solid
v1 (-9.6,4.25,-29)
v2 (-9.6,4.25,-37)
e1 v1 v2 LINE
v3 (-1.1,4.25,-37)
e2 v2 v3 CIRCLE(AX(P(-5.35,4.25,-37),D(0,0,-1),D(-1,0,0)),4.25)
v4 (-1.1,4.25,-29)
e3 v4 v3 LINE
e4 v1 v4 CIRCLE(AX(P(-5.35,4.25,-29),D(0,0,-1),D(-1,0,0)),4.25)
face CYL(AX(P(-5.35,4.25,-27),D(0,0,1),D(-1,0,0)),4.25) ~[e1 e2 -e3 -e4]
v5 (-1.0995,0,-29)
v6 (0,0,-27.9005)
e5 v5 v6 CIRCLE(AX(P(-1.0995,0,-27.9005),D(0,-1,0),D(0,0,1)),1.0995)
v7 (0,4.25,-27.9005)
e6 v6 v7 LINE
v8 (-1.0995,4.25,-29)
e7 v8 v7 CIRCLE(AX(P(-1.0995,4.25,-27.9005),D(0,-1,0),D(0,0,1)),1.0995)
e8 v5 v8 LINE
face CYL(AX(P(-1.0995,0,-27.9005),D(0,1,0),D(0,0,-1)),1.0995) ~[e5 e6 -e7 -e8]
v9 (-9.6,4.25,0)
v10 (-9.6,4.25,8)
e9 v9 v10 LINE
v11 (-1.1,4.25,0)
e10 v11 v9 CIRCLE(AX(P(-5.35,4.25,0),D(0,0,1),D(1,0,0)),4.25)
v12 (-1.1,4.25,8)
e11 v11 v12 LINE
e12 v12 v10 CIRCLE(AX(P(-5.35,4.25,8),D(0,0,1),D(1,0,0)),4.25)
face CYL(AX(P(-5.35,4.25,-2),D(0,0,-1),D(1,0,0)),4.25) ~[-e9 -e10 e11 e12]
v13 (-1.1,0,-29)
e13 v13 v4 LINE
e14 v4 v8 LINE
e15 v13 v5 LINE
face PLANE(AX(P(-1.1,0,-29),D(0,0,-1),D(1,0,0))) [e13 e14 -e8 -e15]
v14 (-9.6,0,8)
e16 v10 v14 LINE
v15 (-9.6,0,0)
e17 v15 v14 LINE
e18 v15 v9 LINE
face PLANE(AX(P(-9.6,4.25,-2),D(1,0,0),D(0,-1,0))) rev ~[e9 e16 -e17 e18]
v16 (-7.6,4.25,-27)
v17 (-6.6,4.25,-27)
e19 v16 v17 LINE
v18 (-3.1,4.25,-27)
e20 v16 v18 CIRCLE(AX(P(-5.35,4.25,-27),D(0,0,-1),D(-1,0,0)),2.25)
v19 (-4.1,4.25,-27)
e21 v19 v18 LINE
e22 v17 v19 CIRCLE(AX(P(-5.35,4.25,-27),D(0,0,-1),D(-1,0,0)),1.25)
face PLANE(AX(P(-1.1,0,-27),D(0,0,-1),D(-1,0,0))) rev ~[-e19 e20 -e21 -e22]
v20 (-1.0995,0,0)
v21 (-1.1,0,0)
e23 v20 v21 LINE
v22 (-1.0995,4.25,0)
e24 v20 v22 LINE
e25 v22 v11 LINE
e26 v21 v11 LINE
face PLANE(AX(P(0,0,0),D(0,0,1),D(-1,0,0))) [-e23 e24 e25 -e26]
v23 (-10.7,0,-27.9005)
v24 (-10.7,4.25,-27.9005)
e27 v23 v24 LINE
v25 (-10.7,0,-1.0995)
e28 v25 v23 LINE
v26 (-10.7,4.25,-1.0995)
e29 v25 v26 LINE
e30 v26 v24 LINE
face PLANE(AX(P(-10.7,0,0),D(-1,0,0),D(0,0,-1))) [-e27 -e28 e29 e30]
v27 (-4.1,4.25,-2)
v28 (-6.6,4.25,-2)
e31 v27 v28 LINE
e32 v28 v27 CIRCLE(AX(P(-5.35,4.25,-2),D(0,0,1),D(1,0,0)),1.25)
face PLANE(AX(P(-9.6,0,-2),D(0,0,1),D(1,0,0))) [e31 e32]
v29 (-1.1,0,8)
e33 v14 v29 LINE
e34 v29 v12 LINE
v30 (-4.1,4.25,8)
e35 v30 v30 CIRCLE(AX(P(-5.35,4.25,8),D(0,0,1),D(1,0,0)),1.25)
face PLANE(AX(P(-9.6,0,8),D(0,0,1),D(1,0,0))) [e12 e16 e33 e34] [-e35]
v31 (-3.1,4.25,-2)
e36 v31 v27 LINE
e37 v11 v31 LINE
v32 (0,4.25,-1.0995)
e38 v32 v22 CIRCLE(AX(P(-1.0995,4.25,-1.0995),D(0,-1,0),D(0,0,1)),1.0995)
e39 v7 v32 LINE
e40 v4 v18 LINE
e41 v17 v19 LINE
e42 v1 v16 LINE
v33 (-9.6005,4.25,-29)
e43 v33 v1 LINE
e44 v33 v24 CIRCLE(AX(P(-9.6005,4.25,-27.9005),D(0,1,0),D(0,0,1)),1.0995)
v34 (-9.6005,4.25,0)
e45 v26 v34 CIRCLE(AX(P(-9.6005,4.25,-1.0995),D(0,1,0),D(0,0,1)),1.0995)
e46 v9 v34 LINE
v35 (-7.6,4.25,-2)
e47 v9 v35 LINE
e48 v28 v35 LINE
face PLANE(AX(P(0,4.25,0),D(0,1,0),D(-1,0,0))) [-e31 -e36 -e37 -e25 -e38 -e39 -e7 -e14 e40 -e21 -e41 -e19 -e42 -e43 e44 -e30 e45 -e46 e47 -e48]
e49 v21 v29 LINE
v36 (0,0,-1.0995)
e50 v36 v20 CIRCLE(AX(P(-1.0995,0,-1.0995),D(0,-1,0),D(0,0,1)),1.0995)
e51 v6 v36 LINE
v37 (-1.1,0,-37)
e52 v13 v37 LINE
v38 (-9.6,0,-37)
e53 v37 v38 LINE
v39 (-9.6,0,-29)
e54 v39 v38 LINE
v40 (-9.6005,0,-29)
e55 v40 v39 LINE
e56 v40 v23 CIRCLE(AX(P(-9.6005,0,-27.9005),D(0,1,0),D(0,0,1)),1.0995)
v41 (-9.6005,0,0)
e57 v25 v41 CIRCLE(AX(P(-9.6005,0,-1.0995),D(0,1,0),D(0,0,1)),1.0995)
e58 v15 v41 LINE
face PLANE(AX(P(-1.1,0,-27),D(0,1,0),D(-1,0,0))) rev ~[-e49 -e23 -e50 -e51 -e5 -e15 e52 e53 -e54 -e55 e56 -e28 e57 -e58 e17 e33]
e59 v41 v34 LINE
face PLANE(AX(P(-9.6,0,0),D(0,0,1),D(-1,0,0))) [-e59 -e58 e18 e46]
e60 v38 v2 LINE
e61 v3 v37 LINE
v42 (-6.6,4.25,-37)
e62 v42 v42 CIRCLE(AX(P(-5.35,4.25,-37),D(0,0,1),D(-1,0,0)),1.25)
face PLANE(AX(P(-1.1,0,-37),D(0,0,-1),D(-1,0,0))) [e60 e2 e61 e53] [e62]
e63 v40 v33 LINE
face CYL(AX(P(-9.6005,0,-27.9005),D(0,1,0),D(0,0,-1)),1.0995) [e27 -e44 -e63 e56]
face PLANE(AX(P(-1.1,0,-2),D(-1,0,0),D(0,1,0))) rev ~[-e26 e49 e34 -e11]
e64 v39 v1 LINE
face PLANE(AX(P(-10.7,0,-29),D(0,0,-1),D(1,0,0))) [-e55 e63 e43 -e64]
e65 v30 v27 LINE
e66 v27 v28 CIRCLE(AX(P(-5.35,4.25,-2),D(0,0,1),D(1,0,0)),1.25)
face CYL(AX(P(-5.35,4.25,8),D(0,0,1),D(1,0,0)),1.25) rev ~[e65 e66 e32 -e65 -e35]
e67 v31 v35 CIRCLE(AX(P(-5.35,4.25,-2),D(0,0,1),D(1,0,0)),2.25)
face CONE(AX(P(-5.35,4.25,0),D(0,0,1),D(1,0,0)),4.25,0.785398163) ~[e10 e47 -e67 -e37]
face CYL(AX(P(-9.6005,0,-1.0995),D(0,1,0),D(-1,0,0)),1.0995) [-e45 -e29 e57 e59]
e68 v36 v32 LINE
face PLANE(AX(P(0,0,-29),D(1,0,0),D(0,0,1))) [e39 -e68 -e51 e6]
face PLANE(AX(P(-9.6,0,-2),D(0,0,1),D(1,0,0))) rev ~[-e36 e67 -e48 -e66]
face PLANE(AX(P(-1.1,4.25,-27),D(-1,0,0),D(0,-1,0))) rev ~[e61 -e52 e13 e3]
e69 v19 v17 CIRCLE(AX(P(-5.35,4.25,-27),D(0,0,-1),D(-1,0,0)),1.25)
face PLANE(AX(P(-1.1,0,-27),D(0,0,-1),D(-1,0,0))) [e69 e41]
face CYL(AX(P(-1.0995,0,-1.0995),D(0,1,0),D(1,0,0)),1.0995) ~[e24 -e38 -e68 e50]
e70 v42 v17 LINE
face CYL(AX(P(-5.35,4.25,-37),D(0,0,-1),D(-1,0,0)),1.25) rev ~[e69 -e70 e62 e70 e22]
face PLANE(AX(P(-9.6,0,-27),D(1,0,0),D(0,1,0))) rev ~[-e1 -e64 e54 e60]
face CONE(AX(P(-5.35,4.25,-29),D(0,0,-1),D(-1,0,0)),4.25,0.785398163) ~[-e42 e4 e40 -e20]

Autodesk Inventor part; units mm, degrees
ref_plane "YZ Plane" through (0, 0, 0) normal (1, 0, 0) x (0, 1, 0)
ref_plane "XZ Plane" through (0, 0, 0) normal (0, 1, 0) x (-1, 0, 0)
ref_plane "XY Plane" through (0, 0, 0) normal (0, 0, 1) x (1, 0, 0)
sketch "Sketch1" plane through (0, 0, 0) normal (0, 1, 0) x (-1, 0, 0)
  line L0 (0, 0) -> (1.1, 0)
  line L1 (1.1, 0) -> (1.1, -2)
  line L2 (1.1, -2) -> (9.6, -2)
  line L3 (9.6, -2) -> (9.6, 0)
  line L4 (9.6, 0) -> (10.7, 0)
  line L5 (10.7, 0) -> (10.7, -29)
  line L6 (10.7, -29) -> (9.6, -29)
  line L7 (9.6, -29) -> (9.6, -27)
  line L8 (9.6, -27) -> (1.1, -27)
  line L9 (1.1, -27) -> (1.1, -29)
  line L10 (1.1, -29) -> (0, -29)
  line L11 (0, -29) -> (0, 0)
  dimension "d7" = 8.5
  dimension "d8" = 8.5
  dimension "d9" = 2
  dimension "d10" = 2
  dimension "d11" = 10.7
  dimension "d12" = 1.1
  dimension "d13" = 1.1
  dimension "d14" = 29
extrude "Extrusion1" add sketch "Sketch1" along normal blind 4.25
sketch "Sketch4" plane through (-9.6, 0, -2) normal (0, 0, 1) x (1, 0, 0)
  line L0 (8.5, 4.25) -> (0, 4.25) projected
  line L1 (8.5, 4.25) -> (9.6, 4.25) projected
  arc A0 (8.5, 4.25) -> (0, 4.25) centre (4.25, 4.25) ccw
  point P0 (9.6, 0)
extrude "Extrusion2" add sketch "Sketch4" along normal blind 10
sketch "Sketch5" plane through (-9.6, 0, -2) normal (0, 0, 1) x (1, 0, 0)
  line L0 (0, 0) -> (8.5, 0) projected
  line L1 (9.6, 4.25) -> (8.5, 4.25) projected
  line L2 (0, 0) -> (8.5, 0)
  line L3 (8.5, 0) -> (8.5, 4.25)
  line L4 (8.5, 4.25) -> (0, 4.25)
  line L5 (0, 4.25) -> (0, 0)
  point P0 (9.6, 0)
extrude "Extrusion3" add sketch "Sketch5" along normal blind 10
sketch "Sketch6" plane through (-9.6, 0, 8) normal (0, 0, 1) x (1, 0, 0)
  arc A0 (8.5, 4.25) -> (0, 4.25) centre (4.25, 4.25) ccw projected
  circle A1 centre (4.25, 4.25) radius 1.25
  point P0 (9.6, 0)
  dimension "d24" = 2.5
extrude "Extrusion4" cut sketch "Sketch6" against normal blind 10
sketch "Sketch9" plane through (-1.1, 0, -27) normal (0, 0, -1) x (-1, 0, 0)
  line L0 (0, 4.25) -> (8.5, 4.25) projected
  arc A0 (8.5, 4.25) -> (0, 4.25) centre (4.25, 4.25) ccw
  point P0 (-1.1, 0)
extrude "Extrusion6" add sketch "Sketch9" along normal blind 10
sketch "Sketch10" plane through (-1.1, 0, -27) normal (0, 0, -1) x (-1, 0, 0)
  line L0 (8.5, 4.25) -> (9.6, 4.25) projected
  line L1 (0, 0) -> (8.5, 0)
  line L2 (8.5, 0) -> (8.5, 4.25)
  line L3 (8.5, 4.25) -> (0, 4.25)
  line L4 (0, 4.25) -> (0, 0)
  point P0 (-1.1, 0)
extrude "Extrusion7" add sketch "Sketch10" along normal blind 10
sketch "Sketch11" plane through (-1.1, 0, -37) normal (0, 0, -1) x (-1, 0, 0)
  arc A0 (5.5, 4.25) -> (3, 4.25) centre (4.25, 4.25) ccw projected
  line L0 (8.5, 4.25) -> (5.5, 4.25) projected
  circle A1 centre (4.25, 4.25) radius 1.25
  point P0 (-1.1, 0)
extrude "Extrusion8" cut sketch "Sketch11" against normal blind 10
chamfer "Chamfer1" distance 2 angle 45 1 edges at (-5.35, 8.5, -2)
chamfer "Chamfer2" distance 2 angle 45 1 edges at (-5.35, 8.5, -27)
fillet "Fillet1" radius 1.1 4 edges at (0, 2.125, 0) (0, 2.125, -29) (-10.7, 2.125, 0) (-10.7, 2.125, -29)
properties part number "tracks_center_ver2"
